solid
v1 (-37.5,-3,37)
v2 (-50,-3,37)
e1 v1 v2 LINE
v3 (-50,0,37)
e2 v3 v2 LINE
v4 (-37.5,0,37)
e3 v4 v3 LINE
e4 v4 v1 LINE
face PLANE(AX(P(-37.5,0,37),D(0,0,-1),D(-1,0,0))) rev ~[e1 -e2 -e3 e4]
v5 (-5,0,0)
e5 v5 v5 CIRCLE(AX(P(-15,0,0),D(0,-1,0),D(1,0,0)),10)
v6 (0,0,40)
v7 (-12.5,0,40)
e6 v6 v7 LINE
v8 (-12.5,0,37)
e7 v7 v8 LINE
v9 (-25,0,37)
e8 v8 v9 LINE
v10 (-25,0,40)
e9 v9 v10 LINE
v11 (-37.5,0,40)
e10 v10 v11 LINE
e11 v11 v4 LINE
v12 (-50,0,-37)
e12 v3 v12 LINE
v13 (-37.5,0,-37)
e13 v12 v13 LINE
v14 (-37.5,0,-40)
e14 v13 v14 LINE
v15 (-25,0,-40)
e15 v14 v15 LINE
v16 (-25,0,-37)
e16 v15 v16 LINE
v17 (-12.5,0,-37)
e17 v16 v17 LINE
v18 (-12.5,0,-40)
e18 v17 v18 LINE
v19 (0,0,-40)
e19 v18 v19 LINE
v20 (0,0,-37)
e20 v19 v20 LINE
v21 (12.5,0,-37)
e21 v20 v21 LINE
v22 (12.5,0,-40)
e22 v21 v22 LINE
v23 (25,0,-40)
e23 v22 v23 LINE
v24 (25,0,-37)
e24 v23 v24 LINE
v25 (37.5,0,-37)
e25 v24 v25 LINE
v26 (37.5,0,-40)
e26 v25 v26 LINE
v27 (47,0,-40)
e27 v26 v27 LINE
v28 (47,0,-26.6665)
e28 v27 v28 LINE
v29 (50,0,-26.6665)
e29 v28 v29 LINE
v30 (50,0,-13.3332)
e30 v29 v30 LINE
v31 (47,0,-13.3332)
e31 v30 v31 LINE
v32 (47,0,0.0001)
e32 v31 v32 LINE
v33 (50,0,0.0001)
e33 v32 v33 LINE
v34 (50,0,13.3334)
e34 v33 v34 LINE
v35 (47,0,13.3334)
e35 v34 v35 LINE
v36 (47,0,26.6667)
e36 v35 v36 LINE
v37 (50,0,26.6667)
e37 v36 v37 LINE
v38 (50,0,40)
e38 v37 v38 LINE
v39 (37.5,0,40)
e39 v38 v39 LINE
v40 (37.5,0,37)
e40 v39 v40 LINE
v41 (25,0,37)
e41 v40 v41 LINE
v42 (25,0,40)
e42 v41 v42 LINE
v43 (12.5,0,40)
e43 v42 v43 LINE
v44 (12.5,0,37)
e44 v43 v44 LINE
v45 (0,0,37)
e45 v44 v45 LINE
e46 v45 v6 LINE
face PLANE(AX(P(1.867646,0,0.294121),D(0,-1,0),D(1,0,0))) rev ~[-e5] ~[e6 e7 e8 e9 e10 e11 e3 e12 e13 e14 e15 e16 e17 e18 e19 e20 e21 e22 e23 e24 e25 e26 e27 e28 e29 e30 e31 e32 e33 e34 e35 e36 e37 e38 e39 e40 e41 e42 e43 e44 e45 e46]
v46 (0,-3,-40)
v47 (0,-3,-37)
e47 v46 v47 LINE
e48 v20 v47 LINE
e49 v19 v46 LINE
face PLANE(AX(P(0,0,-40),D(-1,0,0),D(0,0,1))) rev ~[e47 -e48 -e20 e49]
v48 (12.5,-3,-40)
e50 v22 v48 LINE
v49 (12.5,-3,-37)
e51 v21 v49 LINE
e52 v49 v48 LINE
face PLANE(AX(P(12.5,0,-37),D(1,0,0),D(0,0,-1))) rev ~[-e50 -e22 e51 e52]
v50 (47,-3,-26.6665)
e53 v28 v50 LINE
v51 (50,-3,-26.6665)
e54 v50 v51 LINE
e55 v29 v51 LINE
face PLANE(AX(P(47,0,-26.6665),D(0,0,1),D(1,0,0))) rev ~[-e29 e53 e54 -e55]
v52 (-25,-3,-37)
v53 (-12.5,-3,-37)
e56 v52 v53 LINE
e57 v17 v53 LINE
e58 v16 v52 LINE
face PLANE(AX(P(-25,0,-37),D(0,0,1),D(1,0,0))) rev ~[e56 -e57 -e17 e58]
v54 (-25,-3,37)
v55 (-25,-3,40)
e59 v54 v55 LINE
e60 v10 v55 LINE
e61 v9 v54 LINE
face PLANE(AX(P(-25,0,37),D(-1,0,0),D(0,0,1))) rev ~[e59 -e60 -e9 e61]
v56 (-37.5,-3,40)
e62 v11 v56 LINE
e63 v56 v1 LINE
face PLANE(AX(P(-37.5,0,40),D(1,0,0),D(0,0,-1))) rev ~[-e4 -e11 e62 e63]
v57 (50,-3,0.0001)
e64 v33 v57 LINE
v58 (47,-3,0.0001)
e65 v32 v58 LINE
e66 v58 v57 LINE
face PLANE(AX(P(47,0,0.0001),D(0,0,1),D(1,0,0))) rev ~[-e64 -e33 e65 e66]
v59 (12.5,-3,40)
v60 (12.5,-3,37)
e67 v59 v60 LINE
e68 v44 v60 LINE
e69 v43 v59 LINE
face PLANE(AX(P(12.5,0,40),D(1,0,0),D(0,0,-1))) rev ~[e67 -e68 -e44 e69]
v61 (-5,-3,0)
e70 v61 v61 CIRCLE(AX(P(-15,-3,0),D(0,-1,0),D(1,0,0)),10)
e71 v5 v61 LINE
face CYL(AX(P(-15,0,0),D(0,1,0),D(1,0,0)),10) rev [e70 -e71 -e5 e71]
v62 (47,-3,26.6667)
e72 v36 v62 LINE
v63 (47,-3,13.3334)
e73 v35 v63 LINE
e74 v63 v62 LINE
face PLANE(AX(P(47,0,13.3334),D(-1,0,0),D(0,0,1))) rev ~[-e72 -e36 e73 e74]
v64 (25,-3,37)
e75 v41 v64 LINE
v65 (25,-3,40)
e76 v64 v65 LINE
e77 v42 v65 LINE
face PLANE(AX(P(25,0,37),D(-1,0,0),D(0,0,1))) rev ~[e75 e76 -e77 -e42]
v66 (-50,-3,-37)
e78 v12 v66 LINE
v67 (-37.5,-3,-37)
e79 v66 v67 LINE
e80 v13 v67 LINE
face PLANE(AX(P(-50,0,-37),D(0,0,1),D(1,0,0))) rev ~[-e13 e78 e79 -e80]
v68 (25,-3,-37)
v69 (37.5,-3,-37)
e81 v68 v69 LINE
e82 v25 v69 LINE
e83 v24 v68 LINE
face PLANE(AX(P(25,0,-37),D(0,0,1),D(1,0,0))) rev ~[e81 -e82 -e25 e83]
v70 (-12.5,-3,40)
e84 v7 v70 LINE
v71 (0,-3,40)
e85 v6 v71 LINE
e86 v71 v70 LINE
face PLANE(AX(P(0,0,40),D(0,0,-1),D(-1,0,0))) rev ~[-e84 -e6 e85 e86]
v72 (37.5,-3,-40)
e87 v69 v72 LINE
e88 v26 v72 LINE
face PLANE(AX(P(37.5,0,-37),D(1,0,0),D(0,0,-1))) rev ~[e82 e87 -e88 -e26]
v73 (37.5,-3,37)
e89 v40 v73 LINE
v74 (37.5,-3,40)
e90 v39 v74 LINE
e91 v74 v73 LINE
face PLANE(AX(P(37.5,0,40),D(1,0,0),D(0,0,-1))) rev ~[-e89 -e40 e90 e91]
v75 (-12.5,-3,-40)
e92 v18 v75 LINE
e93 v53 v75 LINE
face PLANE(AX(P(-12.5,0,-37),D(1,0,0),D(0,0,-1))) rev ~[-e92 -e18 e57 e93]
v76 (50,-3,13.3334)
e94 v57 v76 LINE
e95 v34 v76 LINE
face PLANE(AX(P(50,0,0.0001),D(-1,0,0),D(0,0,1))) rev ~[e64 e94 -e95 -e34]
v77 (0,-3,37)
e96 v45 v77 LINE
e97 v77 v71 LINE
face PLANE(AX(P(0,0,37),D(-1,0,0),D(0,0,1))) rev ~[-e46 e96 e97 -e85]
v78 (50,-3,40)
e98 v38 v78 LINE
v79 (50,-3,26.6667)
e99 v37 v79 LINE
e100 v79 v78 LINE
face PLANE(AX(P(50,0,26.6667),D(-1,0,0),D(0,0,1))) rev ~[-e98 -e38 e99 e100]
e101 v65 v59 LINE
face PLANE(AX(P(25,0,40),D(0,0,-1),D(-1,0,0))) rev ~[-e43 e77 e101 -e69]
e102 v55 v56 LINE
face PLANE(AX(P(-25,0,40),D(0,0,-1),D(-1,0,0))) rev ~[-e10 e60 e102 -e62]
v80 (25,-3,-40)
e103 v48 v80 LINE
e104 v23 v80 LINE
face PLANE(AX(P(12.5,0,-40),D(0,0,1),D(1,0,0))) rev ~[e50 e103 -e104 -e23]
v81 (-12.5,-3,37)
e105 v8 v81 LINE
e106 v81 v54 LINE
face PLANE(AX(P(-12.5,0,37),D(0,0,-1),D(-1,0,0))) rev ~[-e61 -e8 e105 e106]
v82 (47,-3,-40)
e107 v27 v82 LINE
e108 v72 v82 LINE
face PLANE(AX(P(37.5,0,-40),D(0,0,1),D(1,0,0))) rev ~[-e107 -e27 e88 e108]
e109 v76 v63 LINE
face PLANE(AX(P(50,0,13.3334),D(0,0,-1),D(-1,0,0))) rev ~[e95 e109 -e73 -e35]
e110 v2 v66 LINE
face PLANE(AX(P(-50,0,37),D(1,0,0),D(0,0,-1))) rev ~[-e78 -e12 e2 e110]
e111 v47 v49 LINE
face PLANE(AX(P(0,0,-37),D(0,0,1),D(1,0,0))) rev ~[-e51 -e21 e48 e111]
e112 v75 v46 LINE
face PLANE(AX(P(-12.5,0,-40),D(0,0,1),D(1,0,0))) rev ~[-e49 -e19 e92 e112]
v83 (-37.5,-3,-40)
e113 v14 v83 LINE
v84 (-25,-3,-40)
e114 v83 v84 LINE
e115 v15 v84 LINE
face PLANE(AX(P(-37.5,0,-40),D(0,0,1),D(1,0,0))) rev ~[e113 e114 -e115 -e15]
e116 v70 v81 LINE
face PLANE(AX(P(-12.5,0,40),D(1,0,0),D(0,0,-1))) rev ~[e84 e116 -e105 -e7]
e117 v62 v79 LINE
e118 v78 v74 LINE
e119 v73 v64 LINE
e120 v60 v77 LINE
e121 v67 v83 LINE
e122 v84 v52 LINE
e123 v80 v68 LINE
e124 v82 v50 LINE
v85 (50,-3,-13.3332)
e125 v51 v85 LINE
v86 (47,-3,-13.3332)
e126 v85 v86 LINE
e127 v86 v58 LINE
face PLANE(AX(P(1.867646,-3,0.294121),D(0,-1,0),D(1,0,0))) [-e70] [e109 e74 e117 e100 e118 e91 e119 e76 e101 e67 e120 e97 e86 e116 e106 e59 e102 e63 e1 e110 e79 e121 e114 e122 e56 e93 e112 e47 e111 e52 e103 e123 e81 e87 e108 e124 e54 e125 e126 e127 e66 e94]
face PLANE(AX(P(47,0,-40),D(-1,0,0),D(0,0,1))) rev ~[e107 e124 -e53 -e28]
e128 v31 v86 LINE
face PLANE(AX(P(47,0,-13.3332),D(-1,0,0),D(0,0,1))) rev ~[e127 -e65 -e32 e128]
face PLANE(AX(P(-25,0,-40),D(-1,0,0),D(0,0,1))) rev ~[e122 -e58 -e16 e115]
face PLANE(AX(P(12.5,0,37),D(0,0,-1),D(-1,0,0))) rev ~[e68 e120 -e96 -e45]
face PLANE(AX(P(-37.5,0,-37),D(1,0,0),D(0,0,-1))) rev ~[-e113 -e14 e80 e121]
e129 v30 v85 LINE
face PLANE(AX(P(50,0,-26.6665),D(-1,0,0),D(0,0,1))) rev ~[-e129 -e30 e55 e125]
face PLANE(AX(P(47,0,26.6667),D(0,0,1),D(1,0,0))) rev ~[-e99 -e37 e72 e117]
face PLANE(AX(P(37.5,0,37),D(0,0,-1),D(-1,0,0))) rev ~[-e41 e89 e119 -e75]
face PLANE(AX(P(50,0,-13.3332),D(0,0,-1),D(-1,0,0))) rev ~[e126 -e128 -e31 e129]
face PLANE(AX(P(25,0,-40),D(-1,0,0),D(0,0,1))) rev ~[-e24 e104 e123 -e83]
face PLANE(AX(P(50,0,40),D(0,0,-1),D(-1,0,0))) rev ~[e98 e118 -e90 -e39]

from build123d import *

# Parameters (mm, degrees)
F0_R     = 10
F1_DEPTH = 3


with BuildPart() as f1:
    # F0 (on Front) → F1 (new body)
    with BuildSketch(Plane.XZ):
        Polygon((37.5, -40), (47, -40), (47, -26.6665), (50, -26.6665), (50, -13.3332), (47, -13.3332), (47, 0.0001), (50, 0.0001), (50, 13.3334), (47, 13.3334), (47, 26.6667), (50, 26.6667), (50, 40), (37.5, 40), (37.5, 37), (25, 37), (25, 40), (12.5, 40), (12.5, 37), (0, 37), (0, 40), (-12.5, 40), (-12.5, 37), (-25, 37), (-25, 40), (-37.5, 40), (-37.5, 37), (-50, 37), (-50, -37), (-37.5, -37), (-37.5, -40), (-25, -40), (-25, -37), (-12.5, -37), (-12.5, -40), (0, -40), (0, -37), (12.5, -37), (12.5, -40), (25, -40), (25, -37), (37.5, -37), align=None)
        with Locations((-15, 0)):
            Circle(F0_R, mode=Mode.SUBTRACT)
    extrude(amount=F1_DEPTH)


solid = f1.part
